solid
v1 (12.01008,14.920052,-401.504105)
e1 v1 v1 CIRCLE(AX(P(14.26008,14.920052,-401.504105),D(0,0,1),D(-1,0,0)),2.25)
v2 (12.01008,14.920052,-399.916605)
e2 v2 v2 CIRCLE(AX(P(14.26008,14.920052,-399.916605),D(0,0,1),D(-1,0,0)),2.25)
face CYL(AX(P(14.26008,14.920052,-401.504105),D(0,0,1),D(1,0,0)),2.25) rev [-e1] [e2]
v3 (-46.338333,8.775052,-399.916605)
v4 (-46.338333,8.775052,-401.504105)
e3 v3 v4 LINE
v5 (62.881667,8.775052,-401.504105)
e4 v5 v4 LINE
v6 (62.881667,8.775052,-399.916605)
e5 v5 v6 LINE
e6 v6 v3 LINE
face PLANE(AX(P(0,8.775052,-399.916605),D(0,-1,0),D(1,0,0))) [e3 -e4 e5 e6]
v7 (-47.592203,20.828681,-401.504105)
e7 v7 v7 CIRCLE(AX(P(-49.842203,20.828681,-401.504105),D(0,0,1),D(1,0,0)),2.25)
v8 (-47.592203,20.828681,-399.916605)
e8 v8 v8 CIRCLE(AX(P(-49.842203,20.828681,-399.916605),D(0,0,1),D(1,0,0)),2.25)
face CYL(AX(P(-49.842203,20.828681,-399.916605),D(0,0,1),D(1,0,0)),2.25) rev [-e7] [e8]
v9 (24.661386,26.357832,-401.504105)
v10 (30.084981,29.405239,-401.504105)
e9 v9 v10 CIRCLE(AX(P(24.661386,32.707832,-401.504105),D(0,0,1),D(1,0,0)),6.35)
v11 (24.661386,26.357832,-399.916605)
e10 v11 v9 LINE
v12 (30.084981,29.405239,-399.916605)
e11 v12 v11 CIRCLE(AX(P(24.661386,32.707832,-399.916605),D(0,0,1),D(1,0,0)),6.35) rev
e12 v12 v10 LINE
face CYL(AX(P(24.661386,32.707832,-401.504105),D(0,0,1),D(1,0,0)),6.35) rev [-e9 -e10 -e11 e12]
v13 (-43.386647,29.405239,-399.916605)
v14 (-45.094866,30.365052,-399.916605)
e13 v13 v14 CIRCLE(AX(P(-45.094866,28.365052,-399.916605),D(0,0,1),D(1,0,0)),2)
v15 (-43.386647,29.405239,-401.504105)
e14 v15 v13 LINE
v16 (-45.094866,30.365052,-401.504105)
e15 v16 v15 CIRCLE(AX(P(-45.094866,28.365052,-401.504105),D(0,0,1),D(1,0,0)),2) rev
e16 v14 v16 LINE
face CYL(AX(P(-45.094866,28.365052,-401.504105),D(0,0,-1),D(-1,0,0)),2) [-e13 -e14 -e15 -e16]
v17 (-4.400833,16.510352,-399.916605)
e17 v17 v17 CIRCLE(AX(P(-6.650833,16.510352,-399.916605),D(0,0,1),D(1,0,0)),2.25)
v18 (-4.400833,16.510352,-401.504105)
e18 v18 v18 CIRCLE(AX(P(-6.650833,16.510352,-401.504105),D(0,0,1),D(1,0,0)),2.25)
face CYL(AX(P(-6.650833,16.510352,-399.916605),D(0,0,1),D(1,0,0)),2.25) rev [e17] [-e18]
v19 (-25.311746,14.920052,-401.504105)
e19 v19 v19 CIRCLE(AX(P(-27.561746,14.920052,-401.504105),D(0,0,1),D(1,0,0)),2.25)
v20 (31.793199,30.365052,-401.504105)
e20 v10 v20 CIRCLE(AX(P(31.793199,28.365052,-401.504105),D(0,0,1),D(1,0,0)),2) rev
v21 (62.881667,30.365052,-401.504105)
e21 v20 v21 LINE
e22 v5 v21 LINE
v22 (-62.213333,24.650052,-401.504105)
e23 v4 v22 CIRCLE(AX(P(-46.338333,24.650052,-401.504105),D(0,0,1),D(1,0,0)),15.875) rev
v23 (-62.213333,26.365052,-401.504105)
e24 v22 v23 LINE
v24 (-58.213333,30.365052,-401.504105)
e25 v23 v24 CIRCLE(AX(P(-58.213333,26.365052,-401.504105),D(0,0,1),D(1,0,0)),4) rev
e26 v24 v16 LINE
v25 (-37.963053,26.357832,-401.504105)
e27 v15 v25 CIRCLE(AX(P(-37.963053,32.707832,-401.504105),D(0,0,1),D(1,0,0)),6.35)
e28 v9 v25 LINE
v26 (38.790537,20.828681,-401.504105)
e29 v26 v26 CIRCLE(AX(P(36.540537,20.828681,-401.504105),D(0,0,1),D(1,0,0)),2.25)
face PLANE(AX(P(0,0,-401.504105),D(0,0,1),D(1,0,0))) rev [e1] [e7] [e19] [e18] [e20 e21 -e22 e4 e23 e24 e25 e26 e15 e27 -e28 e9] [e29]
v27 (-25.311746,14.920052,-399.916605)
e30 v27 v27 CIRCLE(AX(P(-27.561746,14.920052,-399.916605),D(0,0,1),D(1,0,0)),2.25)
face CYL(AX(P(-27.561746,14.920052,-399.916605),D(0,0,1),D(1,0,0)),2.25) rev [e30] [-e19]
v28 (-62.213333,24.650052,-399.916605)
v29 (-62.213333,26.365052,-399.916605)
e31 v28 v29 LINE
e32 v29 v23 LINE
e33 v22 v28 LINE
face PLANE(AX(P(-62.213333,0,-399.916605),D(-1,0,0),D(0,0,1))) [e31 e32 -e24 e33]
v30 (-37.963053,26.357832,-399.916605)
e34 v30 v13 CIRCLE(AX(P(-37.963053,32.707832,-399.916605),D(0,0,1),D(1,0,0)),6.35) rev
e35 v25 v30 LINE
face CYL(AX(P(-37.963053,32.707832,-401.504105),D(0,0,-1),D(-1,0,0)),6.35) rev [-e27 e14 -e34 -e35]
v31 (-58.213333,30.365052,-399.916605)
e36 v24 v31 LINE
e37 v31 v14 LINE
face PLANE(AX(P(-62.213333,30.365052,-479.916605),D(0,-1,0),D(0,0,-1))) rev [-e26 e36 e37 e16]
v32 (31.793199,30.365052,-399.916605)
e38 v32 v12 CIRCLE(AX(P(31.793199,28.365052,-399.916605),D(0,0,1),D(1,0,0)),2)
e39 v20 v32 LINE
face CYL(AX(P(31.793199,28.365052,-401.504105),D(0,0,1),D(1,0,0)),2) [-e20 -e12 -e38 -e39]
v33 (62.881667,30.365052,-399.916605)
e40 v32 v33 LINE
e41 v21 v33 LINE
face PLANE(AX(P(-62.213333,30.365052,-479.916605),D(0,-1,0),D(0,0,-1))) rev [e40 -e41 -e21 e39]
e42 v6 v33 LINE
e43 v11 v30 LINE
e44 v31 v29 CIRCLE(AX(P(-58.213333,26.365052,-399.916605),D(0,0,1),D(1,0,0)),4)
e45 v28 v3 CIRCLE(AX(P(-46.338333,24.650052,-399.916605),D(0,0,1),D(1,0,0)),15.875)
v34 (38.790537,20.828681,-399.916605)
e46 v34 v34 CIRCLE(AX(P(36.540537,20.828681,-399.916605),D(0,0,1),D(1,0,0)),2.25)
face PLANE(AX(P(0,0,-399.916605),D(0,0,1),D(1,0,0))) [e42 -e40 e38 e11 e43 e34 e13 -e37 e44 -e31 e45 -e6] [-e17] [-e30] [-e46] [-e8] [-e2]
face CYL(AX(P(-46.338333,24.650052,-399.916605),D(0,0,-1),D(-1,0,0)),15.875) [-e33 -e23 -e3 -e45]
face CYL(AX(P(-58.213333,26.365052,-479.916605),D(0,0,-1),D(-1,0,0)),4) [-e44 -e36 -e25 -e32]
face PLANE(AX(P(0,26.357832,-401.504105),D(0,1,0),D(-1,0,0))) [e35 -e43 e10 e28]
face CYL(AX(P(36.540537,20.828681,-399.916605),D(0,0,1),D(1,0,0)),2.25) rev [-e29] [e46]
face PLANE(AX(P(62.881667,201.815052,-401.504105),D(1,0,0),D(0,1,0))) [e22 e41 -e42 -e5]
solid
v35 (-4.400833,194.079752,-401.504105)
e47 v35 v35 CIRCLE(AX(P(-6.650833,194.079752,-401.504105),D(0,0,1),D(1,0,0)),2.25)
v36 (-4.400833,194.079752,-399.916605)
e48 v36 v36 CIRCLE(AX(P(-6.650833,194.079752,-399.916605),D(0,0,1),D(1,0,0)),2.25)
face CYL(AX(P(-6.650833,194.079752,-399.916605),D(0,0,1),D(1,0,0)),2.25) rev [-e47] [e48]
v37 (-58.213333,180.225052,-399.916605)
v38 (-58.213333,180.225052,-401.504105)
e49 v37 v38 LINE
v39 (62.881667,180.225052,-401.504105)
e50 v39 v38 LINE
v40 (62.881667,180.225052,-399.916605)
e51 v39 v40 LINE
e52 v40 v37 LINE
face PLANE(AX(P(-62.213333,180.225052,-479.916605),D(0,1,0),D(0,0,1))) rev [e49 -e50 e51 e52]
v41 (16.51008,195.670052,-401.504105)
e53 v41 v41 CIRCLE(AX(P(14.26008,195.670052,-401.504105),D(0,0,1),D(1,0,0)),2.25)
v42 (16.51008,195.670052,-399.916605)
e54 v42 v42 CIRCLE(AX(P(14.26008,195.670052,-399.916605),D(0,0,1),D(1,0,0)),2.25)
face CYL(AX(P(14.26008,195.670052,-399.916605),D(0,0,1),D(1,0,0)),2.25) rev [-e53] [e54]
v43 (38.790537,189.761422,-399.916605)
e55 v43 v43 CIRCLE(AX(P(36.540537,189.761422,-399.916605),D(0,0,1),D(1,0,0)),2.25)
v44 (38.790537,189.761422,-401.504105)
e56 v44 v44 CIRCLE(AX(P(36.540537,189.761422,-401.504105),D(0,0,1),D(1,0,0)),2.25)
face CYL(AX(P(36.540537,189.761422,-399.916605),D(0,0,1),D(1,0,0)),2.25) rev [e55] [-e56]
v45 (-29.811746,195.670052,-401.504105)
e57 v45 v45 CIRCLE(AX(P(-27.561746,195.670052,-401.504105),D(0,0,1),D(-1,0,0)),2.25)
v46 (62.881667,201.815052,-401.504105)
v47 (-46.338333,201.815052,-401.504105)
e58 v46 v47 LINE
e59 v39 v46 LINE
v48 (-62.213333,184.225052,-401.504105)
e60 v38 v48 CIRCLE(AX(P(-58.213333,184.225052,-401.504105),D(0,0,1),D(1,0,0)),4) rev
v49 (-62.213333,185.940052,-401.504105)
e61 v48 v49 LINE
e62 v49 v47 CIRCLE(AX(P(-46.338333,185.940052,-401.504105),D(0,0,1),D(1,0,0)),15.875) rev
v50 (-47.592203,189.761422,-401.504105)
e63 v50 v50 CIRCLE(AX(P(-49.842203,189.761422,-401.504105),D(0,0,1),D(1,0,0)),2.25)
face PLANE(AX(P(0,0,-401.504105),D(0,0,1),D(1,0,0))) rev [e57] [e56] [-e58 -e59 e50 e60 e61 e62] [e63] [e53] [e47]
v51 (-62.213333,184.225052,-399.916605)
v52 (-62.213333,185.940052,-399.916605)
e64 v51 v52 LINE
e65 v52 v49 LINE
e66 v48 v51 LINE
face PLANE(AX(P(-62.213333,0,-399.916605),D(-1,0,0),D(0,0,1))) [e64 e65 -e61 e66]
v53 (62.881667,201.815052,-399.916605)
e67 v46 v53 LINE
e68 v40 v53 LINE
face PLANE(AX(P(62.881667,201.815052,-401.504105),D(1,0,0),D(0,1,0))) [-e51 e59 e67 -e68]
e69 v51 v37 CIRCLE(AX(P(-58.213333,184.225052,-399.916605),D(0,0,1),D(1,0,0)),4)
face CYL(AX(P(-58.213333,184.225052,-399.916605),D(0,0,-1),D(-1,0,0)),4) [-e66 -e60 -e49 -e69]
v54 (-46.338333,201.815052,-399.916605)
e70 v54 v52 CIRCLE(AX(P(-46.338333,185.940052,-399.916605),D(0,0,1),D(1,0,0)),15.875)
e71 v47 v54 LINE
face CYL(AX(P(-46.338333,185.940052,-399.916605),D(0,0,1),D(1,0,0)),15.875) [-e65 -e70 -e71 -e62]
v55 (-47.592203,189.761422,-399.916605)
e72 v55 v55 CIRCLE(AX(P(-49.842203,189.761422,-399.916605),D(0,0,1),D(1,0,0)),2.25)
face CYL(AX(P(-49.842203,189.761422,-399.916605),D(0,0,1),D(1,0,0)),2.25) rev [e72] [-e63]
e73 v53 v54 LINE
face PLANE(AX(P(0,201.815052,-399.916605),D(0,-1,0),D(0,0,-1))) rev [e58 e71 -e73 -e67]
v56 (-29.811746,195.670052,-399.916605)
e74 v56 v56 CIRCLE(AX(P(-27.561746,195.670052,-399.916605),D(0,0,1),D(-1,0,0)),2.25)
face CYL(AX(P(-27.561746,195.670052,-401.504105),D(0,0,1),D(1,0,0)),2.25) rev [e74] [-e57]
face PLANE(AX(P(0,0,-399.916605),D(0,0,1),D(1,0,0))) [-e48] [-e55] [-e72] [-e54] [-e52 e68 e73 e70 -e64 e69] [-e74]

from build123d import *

# Parameters (mm, degrees)
SKETCH2_W                     = 111.125
SKETCH2_H                     = 193.04
BOSS_EXTRUDE1_DEPTH           = 1.5875
FILLET1_R                     = 15.875
SKETCH6_R                     = 2.4003
SKETCH6_R_2                   = 3
SKETCH6_R_3                   = 6.477
SKETCH6_R_4                   = 10.762
CUT_EXTRUDE1_DEPTH            = 212.192646736
SKETCH7_W                     = 13.97
SKETCH7_H                     = 193.04
BOSS_EXTRUDE2_DEPTH           = 1.5875
SKETCH8_W                     = 75.32443897
SKETCH8_H                     = 38.1
SKETCH8_R                     = 10.762
SKETCH8_R_2                   = 3
SKETCH8_H_2                   = 31.75
SKETCH8_H_3                   = 34.487219484
SKETCH8_R_3                   = 2.4003
SKETCH8_R_4                   = 6.477
SKETCH8_R_5                   = 8.9535
CUT_EXTRUDE2_DEPTH            = 1.5875
FILLET2_R                     = 9.525
FILLET3_R                     = 6.35
FILLET4_R                     = 9.525
SKETCH9_W                     = 125.095
SKETCH9_H                     = 149.86
CUT_EXTRUDE5_DEPTH            = 80
FILLET6_R                     = 4
FILLET8_R                     = 2
FILLET9_R                     = 2
FILLET10_R                    = 4
SKETCH4_W                     = 2.25
SKETCH4_H                     = 1.5875
M4_CLEARANCE_HOLE1_AT_2_COUNT = 2
M4_CLEARANCE_HOLE1_AT_2_PITCH = 43.406709572
M4_CLEARANCE_HOLE1_AT_3_COUNT = 2
M4_CLEARANCE_HOLE1_AT_3_PITCH = 86.3827405
M4_CLEARANCE_HOLE1_AT_4_COUNT = 2
M4_CLEARANCE_HOLE1_AT_4_PITCH = 189.737314909
M4_CLEARANCE_HOLE1_AT_5_COUNT = 2
M4_CLEARANCE_HOLE1_AT_5_PITCH = 178.553711266
M4_CLEARANCE_HOLE1_AT_6_COUNT = 2
M4_CLEARANCE_HOLE1_AT_6_PITCH = 168.9327405
M4_CLEARANCE_HOLE1_AT_7_COUNT = 2
M4_CLEARANCE_HOLE1_AT_7_PITCH = 23.050611575
M4_CLEARANCE_HOLE1_AT_8_COUNT = 2
M4_CLEARANCE_HOLE1_AT_8_PITCH = 186.221930585
SKETCH12_R                    = 2.25
CUT_EXTRUDE6_DEPTH            = 212.39048994


with BuildPart() as part:
    # Sketch2 → Boss-Extrude1 (new body)
    with BuildSketch(Plane.XY.offset(-401.504104662)):
        with Locations((-6.650833159, 105.295051609)):
            Rectangle(SKETCH2_W, SKETCH2_H)
        with BuildLine():
            ThreePointArc((40.429624387, 185.872334563), (40.429624387, 193.650509156), (32.651449794, 193.650509156))
            Line((32.651449794, 193.650509156), (29.670992248, 190.670051609))
            Line((29.670992248, 190.670051609), (-1.150833159, 190.670051609))
            Line((-1.150833159, 190.670051609), (-1.150833159, 194.079751609))
            ThreePointArc((-1.150833159, 194.079751609), (-6.650833159, 199.579751609), (-12.150833159, 194.079751609))
            Line((-12.150833159, 194.079751609), (-12.150833159, 190.670051609))
            Line((-12.150833159, 190.670051609), (-42.972658566, 190.670051609))
            Line((-42.972658566, 190.670051609), (-45.953116112, 193.650509156))
            ThreePointArc((-45.953116112, 193.650509156), (-53.731290705, 193.650509156), (-53.731290705, 185.872334563))
            Line((-53.731290705, 185.872334563), (-50.750833159, 182.891877016))
            Line((-50.750833159, 182.891877016), (-50.750833159, 138.989051609))
            Line((-50.750833159, 138.989051609), (-54.160533159, 138.989051609))
            ThreePointArc((-54.160533159, 138.989051609), (-59.660533159, 133.489051609), (-54.160533159, 127.989051609))
            Line((-54.160533159, 127.989051609), (-50.750833159, 127.989051609))
            Line((-50.750833159, 127.989051609), (-50.750833159, 82.601051609))
            Line((-50.750833159, 82.601051609), (-54.160533159, 82.601051609))
            ThreePointArc((-54.160533159, 82.601051609), (-59.660533159, 77.101051609), (-54.160533159, 71.601051609))
            Line((-54.160533159, 71.601051609), (-50.750833159, 71.601051609))
            Line((-50.750833159, 71.601051609), (-50.750833159, 27.698226203))
            Line((-50.750833159, 27.698226203), (-53.731290705, 24.717768656))
            ThreePointArc((-53.731290705, 24.717768656), (-53.731290705, 16.939594063), (-45.953116112, 16.939594063))
            Line((-45.953116112, 16.939594063), (-42.972658566, 19.920051609))
            Line((-42.972658566, 19.920051609), (-12.150833159, 19.920051609))
            Line((-12.150833159, 19.920051609), (-12.150833159, 16.510351609))
            ThreePointArc((-12.150833159, 16.510351609), (-6.650833159, 11.010351609), (-1.150833159, 16.510351609))
            Line((-1.150833159, 16.510351609), (-1.150833159, 19.920051609))
            Line((-1.150833159, 19.920051609), (29.670992248, 19.920051609))
            Line((29.670992248, 19.920051609), (32.651449794, 16.939594063))
            ThreePointArc((32.651449794, 16.939594063), (40.429624387, 16.939594063), (40.429624387, 24.717768656))
            Line((40.429624387, 24.717768656), (37.449166841, 27.698226203))
            Line((37.449166841, 27.698226203), (37.449166841, 71.601051609))
            Line((37.449166841, 71.601051609), (40.858866841, 71.601051609))
            ThreePointArc((40.858866841, 71.601051609), (46.358866841, 77.101051609), (40.858866841, 82.601051609))
            Line((40.858866841, 82.601051609), (37.449166841, 82.601051609))
            Line((37.449166841, 82.601051609), (37.449166841, 127.989051609))
            Line((37.449166841, 127.989051609), (40.858866841, 127.989051609))
            ThreePointArc((40.858866841, 127.989051609), (46.358866841, 133.489051609), (40.858866841, 138.989051609))
            Line((40.858866841, 138.989051609), (37.449166841, 138.989051609))
            Line((37.449166841, 138.989051609), (37.449166841, 182.891877016))
            Line((37.449166841, 182.891877016), (40.429624387, 185.872334563))
        make_face(mode=Mode.SUBTRACT)
        with BuildLine():
            Line((37.449166841, 182.891877016), (40.429624387, 185.872334563))
            ThreePointArc((40.429624387, 185.872334563), (40.429624387, 193.650509156), (32.651449794, 193.650509156))
            Line((32.651449794, 193.650509156), (29.670992248, 190.670051609))
            Line((29.670992248, 190.670051609), (-1.150833159, 190.670051609))
            Line((-1.150833159, 190.670051609), (-1.150833159, 194.079751609))
            ThreePointArc((-1.150833159, 194.079751609), (-6.650833159, 199.579751609), (-12.150833159, 194.079751609))
            Line((-12.150833159, 194.079751609), (-12.150833159, 190.670051609))
            Line((-12.150833159, 190.670051609), (-42.972658566, 190.670051609))
            Line((-42.972658566, 190.670051609), (-45.953116112, 193.650509156))
            ThreePointArc((-45.953116112, 193.650509156), (-53.731290705, 193.650509156), (-53.731290705, 185.872334563))
            Line((-53.731290705, 185.872334563), (-50.750833159, 182.891877016))
            Line((-50.750833159, 182.891877016), (-50.750833159, 138.989051609))
            Line((-50.750833159, 138.989051609), (-54.160533159, 138.989051609))
            ThreePointArc((-54.160533159, 138.989051609), (-59.660533159, 133.489051609), (-54.160533159, 127.989051609))
            Line((-54.160533159, 127.989051609), (-50.750833159, 127.989051609))
            Line((-50.750833159, 127.989051609), (-50.750833159, 82.601051609))
            Line((-50.750833159, 82.601051609), (-54.160533159, 82.601051609))
            ThreePointArc((-54.160533159, 82.601051609), (-59.660533159, 77.101051609), (-54.160533159, 71.601051609))
            Line((-54.160533159, 71.601051609), (-50.750833159, 71.601051609))
            Line((-50.750833159, 71.601051609), (-50.750833159, 27.698226203))
            Line((-50.750833159, 27.698226203), (-53.731290705, 24.717768656))
            ThreePointArc((-53.731290705, 24.717768656), (-53.731290705, 16.939594063), (-45.953116112, 16.939594063))
            Line((-45.953116112, 16.939594063), (-42.972658566, 19.920051609))
            Line((-42.972658566, 19.920051609), (-12.150833159, 19.920051609))
            Line((-12.150833159, 19.920051609), (-12.150833159, 16.510351609))
            ThreePointArc((-12.150833159, 16.510351609), (-6.650833159, 11.010351609), (-1.150833159, 16.510351609))
            Line((-1.150833159, 16.510351609), (-1.150833159, 19.920051609))
            Line((-1.150833159, 19.920051609), (29.670992248, 19.920051609))
            Line((29.670992248, 19.920051609), (32.651449794, 16.939594063))
            ThreePointArc((32.651449794, 16.939594063), (40.429624387, 16.939594063), (40.429624387, 24.717768656))
            Line((40.429624387, 24.717768656), (37.449166841, 27.698226203))
            Line((37.449166841, 27.698226203), (37.449166841, 71.601051609))
            Line((37.449166841, 71.601051609), (40.858866841, 71.601051609))
            ThreePointArc((40.858866841, 71.601051609), (46.358866841, 77.101051609), (40.858866841, 82.601051609))
            Line((40.858866841, 82.601051609), (37.449166841, 82.601051609))
            Line((37.449166841, 82.601051609), (37.449166841, 127.989051609))
            Line((37.449166841, 127.989051609), (40.858866841, 127.989051609))
            ThreePointArc((40.858866841, 127.989051609), (46.358866841, 133.489051609), (40.858866841, 138.989051609))
            Line((40.858866841, 138.989051609), (37.449166841, 138.989051609))
            Line((37.449166841, 138.989051609), (37.449166841, 182.891877016))
        make_face()
    extrude(amount=BOSS_EXTRUDE1_DEPTH)

    # Fillet1
    fillet1_edges = [part.edges().sort_by_distance(p)[0] for p in [
        (-62.213333159, 201.815051609, -400.710354662),
        (-62.213333159, 8.775051609, -400.710354662),
    ]]
    fillet(fillet1_edges, radius=FILLET1_R)

    # Sketch6 → Cut-Extrude1 (cut, through all)
    with BuildSketch(Plane.XY.offset(-399.916604662)):
        with Locations((-34.590833159, 43.382551609)):
            Circle(SKETCH6_R)
        with Locations((21.289166841, 43.382551609)):
            Circle(SKETCH6_R)
        with Locations((-20.884724927, 142.590766631)):
            Circle(SKETCH6_R_2)
        with Locations((7.583058609, 166.225175879)):
            Circle(SKETCH6_R_2)
        with Locations((3.509166841, 43.382551609)):
            Circle(SKETCH6_R_3)
        with Locations((-16.810833159, 43.382551609)):
            Circle(SKETCH6_R_3)
        with Locations((-33.320833159, 123.670051609)):
            Circle(SKETCH6_R_3)
        with Locations((-6.650833159, 154.407971255)):
            Circle(SKETCH6_R_4)
        with Locations((-6.650833159, 94.607131964)):
            Circle(SKETCH6_R_4)
    extrude(amount=-CUT_EXTRUDE1_DEPTH, mode=Mode.SUBTRACT)

    # Sketch7 → Boss-Extrude2 (add)
    with BuildSketch(Plane.XY.offset(-399.916604662)):
        with Locations((55.896666841, 105.295051609)):
            Rectangle(SKETCH7_W, SKETCH7_H)
    extrude(amount=-BOSS_EXTRUDE2_DEPTH)

    # Sketch8 → Cut-Extrude2 (cut)
    with BuildSketch(Plane.XY.offset(-399.916604662)):
        with Locations((-6.650833159, 154.407971255)):
            Rectangle(SKETCH8_W, SKETCH8_H)
        with Locations((-6.650833159, 154.407971255)):
            Circle(SKETCH8_R, mode=Mode.SUBTRACT)
        with Locations((7.583058609, 166.225175879)):
            Circle(SKETCH8_R_2, mode=Mode.SUBTRACT)
        with Locations((-20.884724927, 142.590766631)):
            Circle(SKETCH8_R_2, mode=Mode.SUBTRACT)
        with Locations((-6.650833159, 94.607131964)):
            Rectangle(SKETCH8_W, SKETCH8_H_2)
        with Locations((-6.650833159, 94.607131964)):
            Circle(SKETCH8_R, mode=Mode.SUBTRACT)
        with Locations((-6.650833159, 43.601441867)):
            Rectangle(SKETCH8_W, SKETCH8_H_3)
        with Locations((-34.590833159, 43.382551609)):
            Circle(SKETCH8_R_3, mode=Mode.SUBTRACT)
        with Locations((-16.810833159, 43.382551609)):
            Circle(SKETCH8_R_4, mode=Mode.SUBTRACT)
        with Locations((3.509166841, 43.382551609)):
            Circle(SKETCH8_R_4, mode=Mode.SUBTRACT)
        with Locations((21.289166841, 43.382551609)):
            Circle(SKETCH8_R_3, mode=Mode.SUBTRACT)
        with Locations((-33.320833159, 123.670051609)):
            Circle(SKETCH8_R_5)
        with Locations((-33.320833159, 123.670051609)):
            Circle(SKETCH8_R_4, mode=Mode.SUBTRACT)
    extrude(amount=-CUT_EXTRUDE2_DEPTH, mode=Mode.SUBTRACT)

    # Fillet2
    fillet2_edges = [part.edges().sort_by_distance(p)[0] for p in [
        (31.011386326, 135.357971255, -400.710354662),
        (-44.313052644, 135.357971255, -400.710354662),
        (-44.313052644, 173.457971255, -400.710354662),
        (31.011386326, 173.457971255, -400.710354662),
    ]]
    fillet(fillet2_edges, radius=FILLET2_R)

    # Fillet3
    fillet3_edges = [part.edges().sort_by_distance(p)[0] for p in [
        (-44.313052644, 60.845051609, -400.710354662),
        (31.011386326, 60.845051609, -400.710354662),
        (31.011386326, 26.357832125, -400.710354662),
        (-44.313052644, 26.357832125, -400.710354662),
    ]]
    fillet(fillet3_edges, radius=FILLET3_R)

    # Fillet4
    fillet4_edges = [part.edges().sort_by_distance(p)[0] for p in [
        (31.011386326, 110.482131964, -400.710354662),
        (31.011386326, 78.732131964, -400.710354662),
        (-44.313052644, 78.732131964, -400.710354662),
        (-44.313052644, 110.482131964, -400.710354662),
    ]]
    fillet(fillet4_edges, radius=FILLET4_R)

    # Sketch9 → Cut-Extrude5 (cut)
    with BuildSketch(Plane.XY.offset(-399.916604662)):
        with Locations((0.334166841, 105.295051609)):
            Rectangle(SKETCH9_W, SKETCH9_H)
    extrude(amount=-CUT_EXTRUDE5_DEPTH, mode=Mode.SUBTRACT)


with BuildPart() as cut_extrude5_piece_1:
    # of the separate pieces the step leaves, piece 1, a body of its own (cut_extrude5_pieces)
    add(part.part.solids().sort_by_distance((62.881666841, 201.815051609, -401.504104662))[0])

    # Fillet10
    fillet10_edges = [cut_extrude5_piece_1.edges().sort_by_distance(p)[0] for p in [
        (-62.213333159, 180.225051609, -400.710354662),
    ]]
    fillet(fillet10_edges, radius=FILLET10_R)

    # Sketch4 → M4 Clearance Hole1 (revolve, cut)
    with BuildSketch(Plane(origin=(36.540537091, 189.761421859, -399.916604662), x_dir=(0, -1, 0), z_dir=(1, 0, 0))):
        with Locations((1.125, 0.79375)):
            Rectangle(SKETCH4_W, SKETCH4_H)
    m4_clearance_hole1 = revolve(axis=Axis((36.540537091, 189.761421859, -393.566604662), (0, 0, -1)), mode=Mode.SUBTRACT)

    # M4 Clearance Hole1 at 2: M4 Clearance Hole1 ×2
    with Locations(*[Vector(-0.9950390314183887, 0.09948530521617187, 0) * (i * M4_CLEARANCE_HOLE1_AT_2_PITCH) for i in range(1, M4_CLEARANCE_HOLE1_AT_2_COUNT)]):
        add(m4_clearance_hole1, mode=Mode.SUBTRACT)

    # M4 Clearance Hole1 at 3: M4 Clearance Hole1 ×2
    with Locations(*[(-i * M4_CLEARANCE_HOLE1_AT_3_PITCH, 0, 0) for i in range(1, M4_CLEARANCE_HOLE1_AT_3_COUNT)]):
        add(m4_clearance_hole1, mode=Mode.SUBTRACT)

    # M4 Clearance Hole1 at 7: M4 Clearance Hole1 ×2
    with Locations(*[Vector(-0.9665885641891935, 0.25633288430997997, 0) * (i * M4_CLEARANCE_HOLE1_AT_7_PITCH) for i in range(1, M4_CLEARANCE_HOLE1_AT_7_COUNT)]):
        add(m4_clearance_hole1, mode=Mode.SUBTRACT)


with BuildPart() as cut_extrude5_piece_2:
    # of the separate pieces the step leaves, piece 2, a body of its own (cut_extrude5_pieces)
    add(part.part.solids().sort_by_distance((30.563409662, 30.365051609, -401.504104662))[0])

    # Fillet6
    fillet6_edges = [cut_extrude5_piece_2.edges().sort_by_distance(p)[0] for p in [
        (-62.213333159, 30.365051609, -400.710354662),
    ]]
    fillet(fillet6_edges, radius=FILLET6_R)

    # Fillet8
    fillet8_edges = [cut_extrude5_piece_2.edges().sort_by_distance(p)[0] for p in [
        (-43.86507598, 30.365051609, -400.710354662),
    ]]
    fillet(fillet8_edges, radius=FILLET8_R)

    # Fillet9
    fillet9_edges = [cut_extrude5_piece_2.edges().sort_by_distance(p)[0] for p in [
        (30.563409662, 30.365051609, -400.710354662),
    ]]
    fillet(fillet9_edges, radius=FILLET9_R)

    # M4 Clearance Hole1 at 4: M4 Clearance Hole1 ×2
    with Locations(*[Vector(-0.45527544511186635, -0.890350643891603, 0) * (i * M4_CLEARANCE_HOLE1_AT_4_PITCH) for i in range(1, M4_CLEARANCE_HOLE1_AT_4_COUNT)]):
        add(m4_clearance_hole1, mode=Mode.SUBTRACT)

    # M4 Clearance Hole1 at 5: M4 Clearance Hole1 ×2
    with Locations(*[Vector(-0.24189567354056962, -0.970302263793275, 0) * (i * M4_CLEARANCE_HOLE1_AT_5_PITCH) for i in range(1, M4_CLEARANCE_HOLE1_AT_5_COUNT)]):
        add(m4_clearance_hole1, mode=Mode.SUBTRACT)

    # M4 Clearance Hole1 at 6: M4 Clearance Hole1 ×2
    with Locations(*[(0, -i * M4_CLEARANCE_HOLE1_AT_6_PITCH, 0) for i in range(1, M4_CLEARANCE_HOLE1_AT_6_COUNT)]):
        add(m4_clearance_hole1, mode=Mode.SUBTRACT)

    # M4 Clearance Hole1 at 8: M4 Clearance Hole1 ×2
    with Locations(*[Vector(-0.34422520887864616, -0.9388871101322313, 0) * (i * M4_CLEARANCE_HOLE1_AT_8_PITCH) for i in range(1, M4_CLEARANCE_HOLE1_AT_8_COUNT)]):
        add(m4_clearance_hole1, mode=Mode.SUBTRACT)


with BuildPart() as cut_extrude6_tool:
    # Sketch12 → Cut-Extrude6 (new, through all)
    with BuildSketch(Plane.XY.offset(-399.916604662)):
        with Locations((14.260079544, 195.670051609)):
            Circle(SKETCH12_R)
        with Locations((-27.561745863, 14.920051609)):
            Circle(SKETCH12_R)
        with Locations(Location((14.260079544, 14.920051609, 0), (0, 0, 180))):
            Circle(SKETCH12_R)
        with Locations(Location((-27.561745863, 195.670051609, 0), (0, 0, 180))):
            Circle(SKETCH12_R)
    extrude(amount=-CUT_EXTRUDE6_DEPTH)


with BuildPart() as cut_extrude5_piece_1_1:
    add(cut_extrude5_piece_1.part)

    # Cut-Extrude6: cut by cut_extrude6_tool
    add(cut_extrude6_tool.part, mode=Mode.SUBTRACT)


with BuildPart() as cut_extrude5_piece_2_1:
    add(cut_extrude5_piece_2.part)

    # Cut-Extrude6: cut by cut_extrude6_tool
    add(cut_extrude6_tool.part, mode=Mode.SUBTRACT)


solid = Compound([cut_extrude5_piece_1_1.part, cut_extrude5_piece_2_1.part])
